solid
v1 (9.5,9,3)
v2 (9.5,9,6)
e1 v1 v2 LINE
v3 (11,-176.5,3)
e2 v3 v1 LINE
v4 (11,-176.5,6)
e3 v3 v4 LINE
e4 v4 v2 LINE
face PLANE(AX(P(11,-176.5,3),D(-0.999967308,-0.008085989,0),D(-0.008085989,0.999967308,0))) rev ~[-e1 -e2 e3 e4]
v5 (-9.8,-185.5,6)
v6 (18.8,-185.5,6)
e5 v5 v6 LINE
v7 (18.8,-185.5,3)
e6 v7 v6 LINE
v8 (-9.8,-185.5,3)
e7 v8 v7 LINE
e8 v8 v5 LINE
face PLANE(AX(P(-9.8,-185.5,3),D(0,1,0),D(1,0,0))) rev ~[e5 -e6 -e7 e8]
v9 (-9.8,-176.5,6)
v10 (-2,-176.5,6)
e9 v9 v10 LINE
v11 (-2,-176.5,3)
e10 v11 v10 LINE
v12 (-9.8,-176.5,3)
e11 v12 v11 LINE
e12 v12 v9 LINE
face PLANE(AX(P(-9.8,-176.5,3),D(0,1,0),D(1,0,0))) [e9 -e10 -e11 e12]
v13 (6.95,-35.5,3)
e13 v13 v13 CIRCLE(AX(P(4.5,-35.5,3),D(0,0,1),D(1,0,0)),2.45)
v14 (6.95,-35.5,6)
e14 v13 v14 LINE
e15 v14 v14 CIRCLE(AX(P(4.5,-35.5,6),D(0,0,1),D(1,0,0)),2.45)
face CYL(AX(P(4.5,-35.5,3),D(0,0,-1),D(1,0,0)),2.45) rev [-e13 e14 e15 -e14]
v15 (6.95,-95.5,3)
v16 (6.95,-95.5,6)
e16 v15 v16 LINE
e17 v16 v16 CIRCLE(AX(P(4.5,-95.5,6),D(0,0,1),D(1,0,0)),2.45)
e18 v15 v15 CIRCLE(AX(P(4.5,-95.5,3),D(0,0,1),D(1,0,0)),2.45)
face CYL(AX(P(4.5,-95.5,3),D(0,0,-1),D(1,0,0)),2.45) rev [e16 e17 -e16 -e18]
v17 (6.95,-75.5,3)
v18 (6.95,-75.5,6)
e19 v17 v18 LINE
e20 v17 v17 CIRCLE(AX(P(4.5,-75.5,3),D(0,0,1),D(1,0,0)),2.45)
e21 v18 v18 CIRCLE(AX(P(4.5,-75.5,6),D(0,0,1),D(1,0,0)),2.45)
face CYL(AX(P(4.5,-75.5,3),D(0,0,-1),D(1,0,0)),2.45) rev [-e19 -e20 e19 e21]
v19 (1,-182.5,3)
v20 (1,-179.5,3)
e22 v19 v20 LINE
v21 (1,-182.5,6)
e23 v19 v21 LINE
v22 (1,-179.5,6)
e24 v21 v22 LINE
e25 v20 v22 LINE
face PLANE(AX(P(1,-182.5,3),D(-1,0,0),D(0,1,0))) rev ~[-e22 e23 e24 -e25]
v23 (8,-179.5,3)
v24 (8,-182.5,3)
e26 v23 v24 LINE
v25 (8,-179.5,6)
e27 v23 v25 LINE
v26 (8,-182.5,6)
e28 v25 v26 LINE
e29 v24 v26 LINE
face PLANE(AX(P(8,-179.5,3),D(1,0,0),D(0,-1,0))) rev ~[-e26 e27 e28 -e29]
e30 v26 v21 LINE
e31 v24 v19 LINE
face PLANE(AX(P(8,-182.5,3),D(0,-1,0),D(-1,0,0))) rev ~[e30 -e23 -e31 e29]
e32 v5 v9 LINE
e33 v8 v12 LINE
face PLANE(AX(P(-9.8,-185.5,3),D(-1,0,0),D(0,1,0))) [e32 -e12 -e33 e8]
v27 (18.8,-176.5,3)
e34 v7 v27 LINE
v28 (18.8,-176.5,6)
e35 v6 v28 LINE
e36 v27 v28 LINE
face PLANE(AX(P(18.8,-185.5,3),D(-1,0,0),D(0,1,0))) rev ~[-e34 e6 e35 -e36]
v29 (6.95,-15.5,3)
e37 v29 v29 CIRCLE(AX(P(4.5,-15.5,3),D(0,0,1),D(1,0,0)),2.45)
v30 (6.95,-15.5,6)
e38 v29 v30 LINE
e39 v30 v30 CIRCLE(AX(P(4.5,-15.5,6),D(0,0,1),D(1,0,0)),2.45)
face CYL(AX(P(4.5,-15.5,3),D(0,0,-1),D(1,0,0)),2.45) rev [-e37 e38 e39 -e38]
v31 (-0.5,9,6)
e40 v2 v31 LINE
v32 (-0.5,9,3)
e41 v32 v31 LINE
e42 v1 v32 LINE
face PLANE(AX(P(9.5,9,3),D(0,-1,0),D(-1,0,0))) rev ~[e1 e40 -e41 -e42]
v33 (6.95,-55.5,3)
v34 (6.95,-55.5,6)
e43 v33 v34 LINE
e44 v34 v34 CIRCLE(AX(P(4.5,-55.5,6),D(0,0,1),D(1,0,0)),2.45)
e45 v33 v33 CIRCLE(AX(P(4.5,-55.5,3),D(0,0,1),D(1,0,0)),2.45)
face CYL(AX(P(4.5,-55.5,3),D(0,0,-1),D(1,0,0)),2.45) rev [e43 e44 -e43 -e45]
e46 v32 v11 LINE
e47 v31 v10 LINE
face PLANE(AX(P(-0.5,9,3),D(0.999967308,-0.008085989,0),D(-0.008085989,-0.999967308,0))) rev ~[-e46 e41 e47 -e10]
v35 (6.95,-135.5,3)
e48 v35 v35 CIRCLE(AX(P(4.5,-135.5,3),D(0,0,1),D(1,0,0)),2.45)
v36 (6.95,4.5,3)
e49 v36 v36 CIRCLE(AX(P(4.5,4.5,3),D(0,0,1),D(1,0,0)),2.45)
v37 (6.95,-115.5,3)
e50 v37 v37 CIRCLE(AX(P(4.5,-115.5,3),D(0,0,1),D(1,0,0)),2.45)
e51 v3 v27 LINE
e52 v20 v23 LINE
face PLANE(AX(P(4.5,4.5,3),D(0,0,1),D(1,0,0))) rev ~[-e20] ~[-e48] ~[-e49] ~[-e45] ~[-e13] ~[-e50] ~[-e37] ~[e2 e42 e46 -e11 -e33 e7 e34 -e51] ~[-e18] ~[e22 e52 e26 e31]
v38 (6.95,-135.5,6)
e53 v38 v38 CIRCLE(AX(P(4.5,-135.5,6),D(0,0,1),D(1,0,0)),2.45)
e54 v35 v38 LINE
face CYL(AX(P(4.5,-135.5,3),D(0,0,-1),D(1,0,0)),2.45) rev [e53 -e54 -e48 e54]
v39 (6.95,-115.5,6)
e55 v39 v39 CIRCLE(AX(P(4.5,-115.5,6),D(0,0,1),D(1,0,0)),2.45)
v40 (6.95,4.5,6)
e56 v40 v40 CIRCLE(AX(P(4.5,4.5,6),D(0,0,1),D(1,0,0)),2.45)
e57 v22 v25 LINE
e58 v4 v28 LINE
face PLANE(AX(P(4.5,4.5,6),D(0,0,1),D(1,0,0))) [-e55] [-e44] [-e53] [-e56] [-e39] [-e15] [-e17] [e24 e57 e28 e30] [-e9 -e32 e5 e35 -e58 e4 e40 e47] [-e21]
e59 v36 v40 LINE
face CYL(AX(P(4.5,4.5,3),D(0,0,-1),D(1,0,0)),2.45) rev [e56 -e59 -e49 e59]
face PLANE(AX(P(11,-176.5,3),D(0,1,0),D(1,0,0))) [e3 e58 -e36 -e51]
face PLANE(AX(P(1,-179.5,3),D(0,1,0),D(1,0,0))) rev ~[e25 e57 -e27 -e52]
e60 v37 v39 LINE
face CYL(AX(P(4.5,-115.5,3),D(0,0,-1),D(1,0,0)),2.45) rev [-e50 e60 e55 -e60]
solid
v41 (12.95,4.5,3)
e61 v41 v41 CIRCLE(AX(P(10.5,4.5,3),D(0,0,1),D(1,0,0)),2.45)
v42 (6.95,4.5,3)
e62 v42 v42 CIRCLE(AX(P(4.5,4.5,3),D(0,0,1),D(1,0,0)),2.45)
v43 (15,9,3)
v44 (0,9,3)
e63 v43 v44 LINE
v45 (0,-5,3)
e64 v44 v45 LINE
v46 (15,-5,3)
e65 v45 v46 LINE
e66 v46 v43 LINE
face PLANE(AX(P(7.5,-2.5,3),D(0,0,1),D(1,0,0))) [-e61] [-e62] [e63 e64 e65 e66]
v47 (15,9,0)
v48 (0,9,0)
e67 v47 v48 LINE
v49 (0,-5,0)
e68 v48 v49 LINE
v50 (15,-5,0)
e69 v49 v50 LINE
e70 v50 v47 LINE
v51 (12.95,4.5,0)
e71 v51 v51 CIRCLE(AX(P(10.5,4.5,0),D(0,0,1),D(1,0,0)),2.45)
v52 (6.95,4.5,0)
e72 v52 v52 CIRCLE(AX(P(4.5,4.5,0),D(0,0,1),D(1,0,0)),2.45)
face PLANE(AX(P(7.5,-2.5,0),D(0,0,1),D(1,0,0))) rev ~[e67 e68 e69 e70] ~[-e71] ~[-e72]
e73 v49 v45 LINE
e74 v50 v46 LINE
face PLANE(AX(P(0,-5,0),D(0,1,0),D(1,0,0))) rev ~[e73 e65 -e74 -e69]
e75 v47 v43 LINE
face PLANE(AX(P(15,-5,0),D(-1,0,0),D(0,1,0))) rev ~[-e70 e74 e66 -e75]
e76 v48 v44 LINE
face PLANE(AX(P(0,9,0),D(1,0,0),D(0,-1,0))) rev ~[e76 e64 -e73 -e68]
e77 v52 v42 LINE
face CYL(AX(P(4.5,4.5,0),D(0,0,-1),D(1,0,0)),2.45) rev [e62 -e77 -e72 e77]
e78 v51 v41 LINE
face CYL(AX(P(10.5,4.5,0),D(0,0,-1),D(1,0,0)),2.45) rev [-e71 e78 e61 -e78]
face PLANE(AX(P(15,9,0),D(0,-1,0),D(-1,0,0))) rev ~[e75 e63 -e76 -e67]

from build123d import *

# Parameters (mm, degrees)
F0_R     = 2.45
F1_DEPTH = 3
F2_R     = 2.45
F2_W     = 7.8
F2_H     = 9
F3_DEPTH = 3


with BuildPart() as f1:
    # F0 (on Top) → F1 (new body)
    with BuildSketch(Plane.XY):
        Polygon((7.5, 0), (0, 0), (0, -5), (15, -5), (15, 0), align=None)
        Polygon((0, 9), (0, 0), (7.5, 0), (15, 0), (15, 9), (7.5, 9), align=None)
        with Locations((4.5, 4.5)):
            Circle(F0_R, mode=Mode.SUBTRACT)
        with Locations((10.5, 4.5)):
            Circle(F0_R, mode=Mode.SUBTRACT)
    extrude(amount=F1_DEPTH)


with BuildPart() as f3:
    # F2 (on face) → F3 (new body)
    with BuildSketch(Plane.XY.offset(3)):
        Polygon((4.5, 9), (0, 9), (-0.5, 9), (-0.5, 0), (0, 0), (4.5, 0), (9, 0), (9.5, 0), (9.5, 9), (9, 9), align=None)
        with Locations((4.5, 4.5)):
            Circle(F2_R, mode=Mode.SUBTRACT)
        Polygon((-0.5, 0), (-0.5, 9), (-2, -176.5), (4.5, -176.5), (11, -176.5), (9.5, 9), (9.5, 0), (9, 0), (4.5, 0), (0, 0), align=None)
        with Locations((4.5, -135.5)):
            Circle(F2_R, mode=Mode.SUBTRACT)
        with Locations((4.5, -115.5)):
            Circle(F2_R, mode=Mode.SUBTRACT)
        with Locations((4.5, -95.5)):
            Circle(F2_R, mode=Mode.SUBTRACT)
        with Locations((4.5, -75.5)):
            Circle(F2_R, mode=Mode.SUBTRACT)
        with Locations((4.5, -55.5)):
            Circle(F2_R, mode=Mode.SUBTRACT)
        with Locations((4.5, -35.5)):
            Circle(F2_R, mode=Mode.SUBTRACT)
        with Locations((4.5, -15.5)):
            Circle(F2_R, mode=Mode.SUBTRACT)
        Polygon((4.5, -176.5), (-2, -176.5), (-2, -185.5), (-0.5, -185.5), (4.5, -185.5), (4.5, -182.5), (1, -182.5), (1, -179.5), (4.5, -179.5), align=None)
        with Locations((-5.9, -181)):
            Rectangle(F2_W, F2_H)
        Polygon((11, -176.5), (4.5, -176.5), (4.5, -179.5), (8, -179.5), (8, -182.5), (4.5, -182.5), (4.5, -185.5), (9.5, -185.5), (11, -185.5), align=None)
        with Locations((14.9, -181)):
            Rectangle(F2_W, F2_H)
    extrude(amount=F3_DEPTH)


solid = Compound([f1.part, f3.part])
